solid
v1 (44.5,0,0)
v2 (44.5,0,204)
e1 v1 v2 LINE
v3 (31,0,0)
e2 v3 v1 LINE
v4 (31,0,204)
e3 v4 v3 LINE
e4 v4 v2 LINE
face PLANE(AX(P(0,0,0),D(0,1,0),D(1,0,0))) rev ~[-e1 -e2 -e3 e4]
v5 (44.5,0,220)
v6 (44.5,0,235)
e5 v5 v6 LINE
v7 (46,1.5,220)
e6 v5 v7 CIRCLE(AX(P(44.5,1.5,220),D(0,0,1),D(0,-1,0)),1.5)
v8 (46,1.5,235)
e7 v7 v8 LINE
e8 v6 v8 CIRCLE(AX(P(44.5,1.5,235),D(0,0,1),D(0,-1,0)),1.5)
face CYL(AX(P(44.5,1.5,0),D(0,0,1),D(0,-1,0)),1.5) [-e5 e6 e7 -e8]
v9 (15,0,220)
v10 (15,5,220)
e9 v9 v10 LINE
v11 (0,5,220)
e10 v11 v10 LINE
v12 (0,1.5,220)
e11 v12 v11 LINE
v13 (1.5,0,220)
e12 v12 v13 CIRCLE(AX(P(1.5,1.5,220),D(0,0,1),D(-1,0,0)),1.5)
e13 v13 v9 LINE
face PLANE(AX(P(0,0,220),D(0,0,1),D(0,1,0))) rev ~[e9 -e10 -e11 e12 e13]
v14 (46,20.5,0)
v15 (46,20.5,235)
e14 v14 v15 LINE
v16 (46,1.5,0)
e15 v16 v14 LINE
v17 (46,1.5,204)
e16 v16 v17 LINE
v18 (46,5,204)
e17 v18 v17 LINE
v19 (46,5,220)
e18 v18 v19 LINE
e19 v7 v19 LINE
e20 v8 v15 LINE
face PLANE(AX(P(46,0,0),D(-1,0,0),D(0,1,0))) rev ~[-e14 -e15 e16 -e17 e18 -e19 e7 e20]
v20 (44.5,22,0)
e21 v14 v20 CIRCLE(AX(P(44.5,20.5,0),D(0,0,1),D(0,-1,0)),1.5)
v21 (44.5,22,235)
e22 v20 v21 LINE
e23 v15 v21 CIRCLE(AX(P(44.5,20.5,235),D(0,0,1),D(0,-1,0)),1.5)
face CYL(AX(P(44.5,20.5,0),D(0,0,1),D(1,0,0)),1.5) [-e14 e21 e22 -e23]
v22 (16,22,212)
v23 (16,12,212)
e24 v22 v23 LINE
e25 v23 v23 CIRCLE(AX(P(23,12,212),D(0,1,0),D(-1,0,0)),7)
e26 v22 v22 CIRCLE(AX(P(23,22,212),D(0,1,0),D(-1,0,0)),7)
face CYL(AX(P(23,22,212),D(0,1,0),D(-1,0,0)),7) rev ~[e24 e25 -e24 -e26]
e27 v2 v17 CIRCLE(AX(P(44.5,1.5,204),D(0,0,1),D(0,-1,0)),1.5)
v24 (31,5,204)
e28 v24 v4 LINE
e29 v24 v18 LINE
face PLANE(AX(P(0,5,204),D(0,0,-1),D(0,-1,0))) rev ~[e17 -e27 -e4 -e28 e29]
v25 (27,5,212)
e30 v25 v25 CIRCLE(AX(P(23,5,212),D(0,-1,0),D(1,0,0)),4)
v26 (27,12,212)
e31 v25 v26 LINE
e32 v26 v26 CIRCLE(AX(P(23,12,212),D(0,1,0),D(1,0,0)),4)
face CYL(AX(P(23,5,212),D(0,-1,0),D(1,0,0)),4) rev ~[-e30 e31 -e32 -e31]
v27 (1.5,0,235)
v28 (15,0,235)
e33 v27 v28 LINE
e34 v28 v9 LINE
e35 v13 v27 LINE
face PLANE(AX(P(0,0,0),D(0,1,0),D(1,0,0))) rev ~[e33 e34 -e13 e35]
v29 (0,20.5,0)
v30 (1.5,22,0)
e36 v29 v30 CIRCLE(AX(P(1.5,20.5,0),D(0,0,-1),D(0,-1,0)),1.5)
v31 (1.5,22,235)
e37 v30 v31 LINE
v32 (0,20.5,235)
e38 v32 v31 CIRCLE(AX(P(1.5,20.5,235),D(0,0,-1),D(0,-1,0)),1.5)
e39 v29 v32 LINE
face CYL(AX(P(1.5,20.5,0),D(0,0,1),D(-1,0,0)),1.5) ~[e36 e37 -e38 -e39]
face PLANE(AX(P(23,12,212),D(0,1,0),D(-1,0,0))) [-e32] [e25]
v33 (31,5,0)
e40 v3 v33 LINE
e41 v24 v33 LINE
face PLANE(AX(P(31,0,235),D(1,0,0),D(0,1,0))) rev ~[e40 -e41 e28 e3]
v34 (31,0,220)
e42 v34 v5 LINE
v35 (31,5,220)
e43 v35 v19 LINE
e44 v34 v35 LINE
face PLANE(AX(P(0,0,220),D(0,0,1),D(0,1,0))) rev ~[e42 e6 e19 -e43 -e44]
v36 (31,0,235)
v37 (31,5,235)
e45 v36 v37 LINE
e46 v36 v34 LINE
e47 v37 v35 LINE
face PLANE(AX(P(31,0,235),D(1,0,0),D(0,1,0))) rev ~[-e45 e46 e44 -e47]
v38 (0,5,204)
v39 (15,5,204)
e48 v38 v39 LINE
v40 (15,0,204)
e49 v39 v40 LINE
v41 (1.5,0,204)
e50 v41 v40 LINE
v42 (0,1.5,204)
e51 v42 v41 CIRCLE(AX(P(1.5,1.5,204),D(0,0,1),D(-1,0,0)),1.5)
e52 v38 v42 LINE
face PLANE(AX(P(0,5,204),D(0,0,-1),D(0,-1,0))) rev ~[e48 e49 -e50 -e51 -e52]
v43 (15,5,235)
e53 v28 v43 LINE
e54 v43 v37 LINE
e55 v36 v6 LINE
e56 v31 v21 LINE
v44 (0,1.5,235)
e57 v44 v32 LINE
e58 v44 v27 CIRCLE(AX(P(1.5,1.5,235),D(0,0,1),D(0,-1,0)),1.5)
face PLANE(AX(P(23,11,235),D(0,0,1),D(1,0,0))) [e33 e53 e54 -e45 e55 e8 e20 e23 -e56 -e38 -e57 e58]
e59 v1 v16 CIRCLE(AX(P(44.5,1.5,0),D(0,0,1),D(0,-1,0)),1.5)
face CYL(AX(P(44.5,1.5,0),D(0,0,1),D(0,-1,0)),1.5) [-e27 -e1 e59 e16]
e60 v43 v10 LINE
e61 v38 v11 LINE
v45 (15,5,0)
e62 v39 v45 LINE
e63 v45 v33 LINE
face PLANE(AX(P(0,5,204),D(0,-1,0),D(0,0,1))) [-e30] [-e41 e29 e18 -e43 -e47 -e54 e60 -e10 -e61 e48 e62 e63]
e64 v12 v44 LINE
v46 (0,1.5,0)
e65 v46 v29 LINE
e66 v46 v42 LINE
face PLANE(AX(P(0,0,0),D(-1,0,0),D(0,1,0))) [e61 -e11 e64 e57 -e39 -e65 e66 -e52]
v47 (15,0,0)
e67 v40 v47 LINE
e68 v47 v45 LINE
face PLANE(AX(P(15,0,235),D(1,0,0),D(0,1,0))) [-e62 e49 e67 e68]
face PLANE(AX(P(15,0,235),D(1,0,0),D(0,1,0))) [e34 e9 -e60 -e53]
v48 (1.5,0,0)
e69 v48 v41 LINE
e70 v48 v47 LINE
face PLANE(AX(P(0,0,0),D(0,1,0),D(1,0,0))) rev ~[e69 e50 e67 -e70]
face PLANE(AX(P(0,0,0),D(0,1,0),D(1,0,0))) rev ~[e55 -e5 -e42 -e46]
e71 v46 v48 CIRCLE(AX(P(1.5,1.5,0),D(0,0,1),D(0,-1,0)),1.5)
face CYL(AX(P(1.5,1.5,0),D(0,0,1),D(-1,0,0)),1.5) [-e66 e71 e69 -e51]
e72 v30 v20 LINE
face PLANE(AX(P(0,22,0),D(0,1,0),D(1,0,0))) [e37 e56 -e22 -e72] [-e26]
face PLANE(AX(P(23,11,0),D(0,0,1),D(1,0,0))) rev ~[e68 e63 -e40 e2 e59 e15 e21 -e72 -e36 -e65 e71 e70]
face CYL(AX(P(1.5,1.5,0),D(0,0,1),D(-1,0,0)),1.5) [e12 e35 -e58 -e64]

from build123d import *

# Parameters (mm, degrees)
F0_W      = 46
F0_H      = 22
F1_DEPTH  = 235
F2_R      = 1.5
F3_W      = 3.5
F3_H      = 16
F3_W_2    = 1.5
F4_DEPTH  = 46.001
F5_W      = 16
F5_H      = 5
F6_DEPTH  = 235.001
F7_R      = 4
F8_DEPTH  = 17.001
F9_R      = 7
F9_R_2    = 4
F10_DEPTH = 10


with BuildPart() as f1:
    # F0 (on Top) → F1 (new body)
    with BuildSketch(Plane.XY):
        with Locations((23, 11)):
            Rectangle(F0_W, F0_H)
    extrude(amount=F1_DEPTH)

    # F2
    f2_edges = [f1.edges().sort_by_distance(p)[0] for p in [
        (46, 0, 117.5),
        (46, 22, 117.5),
        (0, 0, 117.5),
        (0, 22, 117.5),
    ]]
    fillet(f2_edges, radius=F2_R)

    # F3 (on face) → F4 (cut, through all)
    with BuildSketch(Plane(origin=(0, 0, 0), x_dir=(0, -1, 0), z_dir=(-1, 0, 0))):
        with Locations((-3.25, 212)):
            Rectangle(F3_W, F3_H)
        with Locations((-0.75, 212)):
            Rectangle(F3_W_2, F3_H)
    extrude(amount=-F4_DEPTH, mode=Mode.SUBTRACT)

    # F5 (on face) → F6 (cut, through all)
    with BuildSketch(Plane.XY.offset(235)):
        with Locations((23, 2.5)):
            Rectangle(F5_W, F5_H)
    extrude(amount=-F6_DEPTH, mode=Mode.SUBTRACT)

    # F7 (on face) → F8 (cut, through all)
    with BuildSketch(Plane.XZ.offset(-5)):
        with Locations((23, 212)):
            Circle(F7_R)
    extrude(amount=-F8_DEPTH, mode=Mode.SUBTRACT)

    # F9 (on face) → F10 (cut)
    with BuildSketch(Plane(origin=(0, 22, 0), x_dir=(-1, 0, 0), z_dir=(0, 1, 0))):
        with Locations((-23, 212)):
            Circle(F9_R)
        with Locations((-23, 212)):
            Circle(F9_R_2, mode=Mode.SUBTRACT)
    extrude(amount=-F10_DEPTH, mode=Mode.SUBTRACT)


solid = f1.part
